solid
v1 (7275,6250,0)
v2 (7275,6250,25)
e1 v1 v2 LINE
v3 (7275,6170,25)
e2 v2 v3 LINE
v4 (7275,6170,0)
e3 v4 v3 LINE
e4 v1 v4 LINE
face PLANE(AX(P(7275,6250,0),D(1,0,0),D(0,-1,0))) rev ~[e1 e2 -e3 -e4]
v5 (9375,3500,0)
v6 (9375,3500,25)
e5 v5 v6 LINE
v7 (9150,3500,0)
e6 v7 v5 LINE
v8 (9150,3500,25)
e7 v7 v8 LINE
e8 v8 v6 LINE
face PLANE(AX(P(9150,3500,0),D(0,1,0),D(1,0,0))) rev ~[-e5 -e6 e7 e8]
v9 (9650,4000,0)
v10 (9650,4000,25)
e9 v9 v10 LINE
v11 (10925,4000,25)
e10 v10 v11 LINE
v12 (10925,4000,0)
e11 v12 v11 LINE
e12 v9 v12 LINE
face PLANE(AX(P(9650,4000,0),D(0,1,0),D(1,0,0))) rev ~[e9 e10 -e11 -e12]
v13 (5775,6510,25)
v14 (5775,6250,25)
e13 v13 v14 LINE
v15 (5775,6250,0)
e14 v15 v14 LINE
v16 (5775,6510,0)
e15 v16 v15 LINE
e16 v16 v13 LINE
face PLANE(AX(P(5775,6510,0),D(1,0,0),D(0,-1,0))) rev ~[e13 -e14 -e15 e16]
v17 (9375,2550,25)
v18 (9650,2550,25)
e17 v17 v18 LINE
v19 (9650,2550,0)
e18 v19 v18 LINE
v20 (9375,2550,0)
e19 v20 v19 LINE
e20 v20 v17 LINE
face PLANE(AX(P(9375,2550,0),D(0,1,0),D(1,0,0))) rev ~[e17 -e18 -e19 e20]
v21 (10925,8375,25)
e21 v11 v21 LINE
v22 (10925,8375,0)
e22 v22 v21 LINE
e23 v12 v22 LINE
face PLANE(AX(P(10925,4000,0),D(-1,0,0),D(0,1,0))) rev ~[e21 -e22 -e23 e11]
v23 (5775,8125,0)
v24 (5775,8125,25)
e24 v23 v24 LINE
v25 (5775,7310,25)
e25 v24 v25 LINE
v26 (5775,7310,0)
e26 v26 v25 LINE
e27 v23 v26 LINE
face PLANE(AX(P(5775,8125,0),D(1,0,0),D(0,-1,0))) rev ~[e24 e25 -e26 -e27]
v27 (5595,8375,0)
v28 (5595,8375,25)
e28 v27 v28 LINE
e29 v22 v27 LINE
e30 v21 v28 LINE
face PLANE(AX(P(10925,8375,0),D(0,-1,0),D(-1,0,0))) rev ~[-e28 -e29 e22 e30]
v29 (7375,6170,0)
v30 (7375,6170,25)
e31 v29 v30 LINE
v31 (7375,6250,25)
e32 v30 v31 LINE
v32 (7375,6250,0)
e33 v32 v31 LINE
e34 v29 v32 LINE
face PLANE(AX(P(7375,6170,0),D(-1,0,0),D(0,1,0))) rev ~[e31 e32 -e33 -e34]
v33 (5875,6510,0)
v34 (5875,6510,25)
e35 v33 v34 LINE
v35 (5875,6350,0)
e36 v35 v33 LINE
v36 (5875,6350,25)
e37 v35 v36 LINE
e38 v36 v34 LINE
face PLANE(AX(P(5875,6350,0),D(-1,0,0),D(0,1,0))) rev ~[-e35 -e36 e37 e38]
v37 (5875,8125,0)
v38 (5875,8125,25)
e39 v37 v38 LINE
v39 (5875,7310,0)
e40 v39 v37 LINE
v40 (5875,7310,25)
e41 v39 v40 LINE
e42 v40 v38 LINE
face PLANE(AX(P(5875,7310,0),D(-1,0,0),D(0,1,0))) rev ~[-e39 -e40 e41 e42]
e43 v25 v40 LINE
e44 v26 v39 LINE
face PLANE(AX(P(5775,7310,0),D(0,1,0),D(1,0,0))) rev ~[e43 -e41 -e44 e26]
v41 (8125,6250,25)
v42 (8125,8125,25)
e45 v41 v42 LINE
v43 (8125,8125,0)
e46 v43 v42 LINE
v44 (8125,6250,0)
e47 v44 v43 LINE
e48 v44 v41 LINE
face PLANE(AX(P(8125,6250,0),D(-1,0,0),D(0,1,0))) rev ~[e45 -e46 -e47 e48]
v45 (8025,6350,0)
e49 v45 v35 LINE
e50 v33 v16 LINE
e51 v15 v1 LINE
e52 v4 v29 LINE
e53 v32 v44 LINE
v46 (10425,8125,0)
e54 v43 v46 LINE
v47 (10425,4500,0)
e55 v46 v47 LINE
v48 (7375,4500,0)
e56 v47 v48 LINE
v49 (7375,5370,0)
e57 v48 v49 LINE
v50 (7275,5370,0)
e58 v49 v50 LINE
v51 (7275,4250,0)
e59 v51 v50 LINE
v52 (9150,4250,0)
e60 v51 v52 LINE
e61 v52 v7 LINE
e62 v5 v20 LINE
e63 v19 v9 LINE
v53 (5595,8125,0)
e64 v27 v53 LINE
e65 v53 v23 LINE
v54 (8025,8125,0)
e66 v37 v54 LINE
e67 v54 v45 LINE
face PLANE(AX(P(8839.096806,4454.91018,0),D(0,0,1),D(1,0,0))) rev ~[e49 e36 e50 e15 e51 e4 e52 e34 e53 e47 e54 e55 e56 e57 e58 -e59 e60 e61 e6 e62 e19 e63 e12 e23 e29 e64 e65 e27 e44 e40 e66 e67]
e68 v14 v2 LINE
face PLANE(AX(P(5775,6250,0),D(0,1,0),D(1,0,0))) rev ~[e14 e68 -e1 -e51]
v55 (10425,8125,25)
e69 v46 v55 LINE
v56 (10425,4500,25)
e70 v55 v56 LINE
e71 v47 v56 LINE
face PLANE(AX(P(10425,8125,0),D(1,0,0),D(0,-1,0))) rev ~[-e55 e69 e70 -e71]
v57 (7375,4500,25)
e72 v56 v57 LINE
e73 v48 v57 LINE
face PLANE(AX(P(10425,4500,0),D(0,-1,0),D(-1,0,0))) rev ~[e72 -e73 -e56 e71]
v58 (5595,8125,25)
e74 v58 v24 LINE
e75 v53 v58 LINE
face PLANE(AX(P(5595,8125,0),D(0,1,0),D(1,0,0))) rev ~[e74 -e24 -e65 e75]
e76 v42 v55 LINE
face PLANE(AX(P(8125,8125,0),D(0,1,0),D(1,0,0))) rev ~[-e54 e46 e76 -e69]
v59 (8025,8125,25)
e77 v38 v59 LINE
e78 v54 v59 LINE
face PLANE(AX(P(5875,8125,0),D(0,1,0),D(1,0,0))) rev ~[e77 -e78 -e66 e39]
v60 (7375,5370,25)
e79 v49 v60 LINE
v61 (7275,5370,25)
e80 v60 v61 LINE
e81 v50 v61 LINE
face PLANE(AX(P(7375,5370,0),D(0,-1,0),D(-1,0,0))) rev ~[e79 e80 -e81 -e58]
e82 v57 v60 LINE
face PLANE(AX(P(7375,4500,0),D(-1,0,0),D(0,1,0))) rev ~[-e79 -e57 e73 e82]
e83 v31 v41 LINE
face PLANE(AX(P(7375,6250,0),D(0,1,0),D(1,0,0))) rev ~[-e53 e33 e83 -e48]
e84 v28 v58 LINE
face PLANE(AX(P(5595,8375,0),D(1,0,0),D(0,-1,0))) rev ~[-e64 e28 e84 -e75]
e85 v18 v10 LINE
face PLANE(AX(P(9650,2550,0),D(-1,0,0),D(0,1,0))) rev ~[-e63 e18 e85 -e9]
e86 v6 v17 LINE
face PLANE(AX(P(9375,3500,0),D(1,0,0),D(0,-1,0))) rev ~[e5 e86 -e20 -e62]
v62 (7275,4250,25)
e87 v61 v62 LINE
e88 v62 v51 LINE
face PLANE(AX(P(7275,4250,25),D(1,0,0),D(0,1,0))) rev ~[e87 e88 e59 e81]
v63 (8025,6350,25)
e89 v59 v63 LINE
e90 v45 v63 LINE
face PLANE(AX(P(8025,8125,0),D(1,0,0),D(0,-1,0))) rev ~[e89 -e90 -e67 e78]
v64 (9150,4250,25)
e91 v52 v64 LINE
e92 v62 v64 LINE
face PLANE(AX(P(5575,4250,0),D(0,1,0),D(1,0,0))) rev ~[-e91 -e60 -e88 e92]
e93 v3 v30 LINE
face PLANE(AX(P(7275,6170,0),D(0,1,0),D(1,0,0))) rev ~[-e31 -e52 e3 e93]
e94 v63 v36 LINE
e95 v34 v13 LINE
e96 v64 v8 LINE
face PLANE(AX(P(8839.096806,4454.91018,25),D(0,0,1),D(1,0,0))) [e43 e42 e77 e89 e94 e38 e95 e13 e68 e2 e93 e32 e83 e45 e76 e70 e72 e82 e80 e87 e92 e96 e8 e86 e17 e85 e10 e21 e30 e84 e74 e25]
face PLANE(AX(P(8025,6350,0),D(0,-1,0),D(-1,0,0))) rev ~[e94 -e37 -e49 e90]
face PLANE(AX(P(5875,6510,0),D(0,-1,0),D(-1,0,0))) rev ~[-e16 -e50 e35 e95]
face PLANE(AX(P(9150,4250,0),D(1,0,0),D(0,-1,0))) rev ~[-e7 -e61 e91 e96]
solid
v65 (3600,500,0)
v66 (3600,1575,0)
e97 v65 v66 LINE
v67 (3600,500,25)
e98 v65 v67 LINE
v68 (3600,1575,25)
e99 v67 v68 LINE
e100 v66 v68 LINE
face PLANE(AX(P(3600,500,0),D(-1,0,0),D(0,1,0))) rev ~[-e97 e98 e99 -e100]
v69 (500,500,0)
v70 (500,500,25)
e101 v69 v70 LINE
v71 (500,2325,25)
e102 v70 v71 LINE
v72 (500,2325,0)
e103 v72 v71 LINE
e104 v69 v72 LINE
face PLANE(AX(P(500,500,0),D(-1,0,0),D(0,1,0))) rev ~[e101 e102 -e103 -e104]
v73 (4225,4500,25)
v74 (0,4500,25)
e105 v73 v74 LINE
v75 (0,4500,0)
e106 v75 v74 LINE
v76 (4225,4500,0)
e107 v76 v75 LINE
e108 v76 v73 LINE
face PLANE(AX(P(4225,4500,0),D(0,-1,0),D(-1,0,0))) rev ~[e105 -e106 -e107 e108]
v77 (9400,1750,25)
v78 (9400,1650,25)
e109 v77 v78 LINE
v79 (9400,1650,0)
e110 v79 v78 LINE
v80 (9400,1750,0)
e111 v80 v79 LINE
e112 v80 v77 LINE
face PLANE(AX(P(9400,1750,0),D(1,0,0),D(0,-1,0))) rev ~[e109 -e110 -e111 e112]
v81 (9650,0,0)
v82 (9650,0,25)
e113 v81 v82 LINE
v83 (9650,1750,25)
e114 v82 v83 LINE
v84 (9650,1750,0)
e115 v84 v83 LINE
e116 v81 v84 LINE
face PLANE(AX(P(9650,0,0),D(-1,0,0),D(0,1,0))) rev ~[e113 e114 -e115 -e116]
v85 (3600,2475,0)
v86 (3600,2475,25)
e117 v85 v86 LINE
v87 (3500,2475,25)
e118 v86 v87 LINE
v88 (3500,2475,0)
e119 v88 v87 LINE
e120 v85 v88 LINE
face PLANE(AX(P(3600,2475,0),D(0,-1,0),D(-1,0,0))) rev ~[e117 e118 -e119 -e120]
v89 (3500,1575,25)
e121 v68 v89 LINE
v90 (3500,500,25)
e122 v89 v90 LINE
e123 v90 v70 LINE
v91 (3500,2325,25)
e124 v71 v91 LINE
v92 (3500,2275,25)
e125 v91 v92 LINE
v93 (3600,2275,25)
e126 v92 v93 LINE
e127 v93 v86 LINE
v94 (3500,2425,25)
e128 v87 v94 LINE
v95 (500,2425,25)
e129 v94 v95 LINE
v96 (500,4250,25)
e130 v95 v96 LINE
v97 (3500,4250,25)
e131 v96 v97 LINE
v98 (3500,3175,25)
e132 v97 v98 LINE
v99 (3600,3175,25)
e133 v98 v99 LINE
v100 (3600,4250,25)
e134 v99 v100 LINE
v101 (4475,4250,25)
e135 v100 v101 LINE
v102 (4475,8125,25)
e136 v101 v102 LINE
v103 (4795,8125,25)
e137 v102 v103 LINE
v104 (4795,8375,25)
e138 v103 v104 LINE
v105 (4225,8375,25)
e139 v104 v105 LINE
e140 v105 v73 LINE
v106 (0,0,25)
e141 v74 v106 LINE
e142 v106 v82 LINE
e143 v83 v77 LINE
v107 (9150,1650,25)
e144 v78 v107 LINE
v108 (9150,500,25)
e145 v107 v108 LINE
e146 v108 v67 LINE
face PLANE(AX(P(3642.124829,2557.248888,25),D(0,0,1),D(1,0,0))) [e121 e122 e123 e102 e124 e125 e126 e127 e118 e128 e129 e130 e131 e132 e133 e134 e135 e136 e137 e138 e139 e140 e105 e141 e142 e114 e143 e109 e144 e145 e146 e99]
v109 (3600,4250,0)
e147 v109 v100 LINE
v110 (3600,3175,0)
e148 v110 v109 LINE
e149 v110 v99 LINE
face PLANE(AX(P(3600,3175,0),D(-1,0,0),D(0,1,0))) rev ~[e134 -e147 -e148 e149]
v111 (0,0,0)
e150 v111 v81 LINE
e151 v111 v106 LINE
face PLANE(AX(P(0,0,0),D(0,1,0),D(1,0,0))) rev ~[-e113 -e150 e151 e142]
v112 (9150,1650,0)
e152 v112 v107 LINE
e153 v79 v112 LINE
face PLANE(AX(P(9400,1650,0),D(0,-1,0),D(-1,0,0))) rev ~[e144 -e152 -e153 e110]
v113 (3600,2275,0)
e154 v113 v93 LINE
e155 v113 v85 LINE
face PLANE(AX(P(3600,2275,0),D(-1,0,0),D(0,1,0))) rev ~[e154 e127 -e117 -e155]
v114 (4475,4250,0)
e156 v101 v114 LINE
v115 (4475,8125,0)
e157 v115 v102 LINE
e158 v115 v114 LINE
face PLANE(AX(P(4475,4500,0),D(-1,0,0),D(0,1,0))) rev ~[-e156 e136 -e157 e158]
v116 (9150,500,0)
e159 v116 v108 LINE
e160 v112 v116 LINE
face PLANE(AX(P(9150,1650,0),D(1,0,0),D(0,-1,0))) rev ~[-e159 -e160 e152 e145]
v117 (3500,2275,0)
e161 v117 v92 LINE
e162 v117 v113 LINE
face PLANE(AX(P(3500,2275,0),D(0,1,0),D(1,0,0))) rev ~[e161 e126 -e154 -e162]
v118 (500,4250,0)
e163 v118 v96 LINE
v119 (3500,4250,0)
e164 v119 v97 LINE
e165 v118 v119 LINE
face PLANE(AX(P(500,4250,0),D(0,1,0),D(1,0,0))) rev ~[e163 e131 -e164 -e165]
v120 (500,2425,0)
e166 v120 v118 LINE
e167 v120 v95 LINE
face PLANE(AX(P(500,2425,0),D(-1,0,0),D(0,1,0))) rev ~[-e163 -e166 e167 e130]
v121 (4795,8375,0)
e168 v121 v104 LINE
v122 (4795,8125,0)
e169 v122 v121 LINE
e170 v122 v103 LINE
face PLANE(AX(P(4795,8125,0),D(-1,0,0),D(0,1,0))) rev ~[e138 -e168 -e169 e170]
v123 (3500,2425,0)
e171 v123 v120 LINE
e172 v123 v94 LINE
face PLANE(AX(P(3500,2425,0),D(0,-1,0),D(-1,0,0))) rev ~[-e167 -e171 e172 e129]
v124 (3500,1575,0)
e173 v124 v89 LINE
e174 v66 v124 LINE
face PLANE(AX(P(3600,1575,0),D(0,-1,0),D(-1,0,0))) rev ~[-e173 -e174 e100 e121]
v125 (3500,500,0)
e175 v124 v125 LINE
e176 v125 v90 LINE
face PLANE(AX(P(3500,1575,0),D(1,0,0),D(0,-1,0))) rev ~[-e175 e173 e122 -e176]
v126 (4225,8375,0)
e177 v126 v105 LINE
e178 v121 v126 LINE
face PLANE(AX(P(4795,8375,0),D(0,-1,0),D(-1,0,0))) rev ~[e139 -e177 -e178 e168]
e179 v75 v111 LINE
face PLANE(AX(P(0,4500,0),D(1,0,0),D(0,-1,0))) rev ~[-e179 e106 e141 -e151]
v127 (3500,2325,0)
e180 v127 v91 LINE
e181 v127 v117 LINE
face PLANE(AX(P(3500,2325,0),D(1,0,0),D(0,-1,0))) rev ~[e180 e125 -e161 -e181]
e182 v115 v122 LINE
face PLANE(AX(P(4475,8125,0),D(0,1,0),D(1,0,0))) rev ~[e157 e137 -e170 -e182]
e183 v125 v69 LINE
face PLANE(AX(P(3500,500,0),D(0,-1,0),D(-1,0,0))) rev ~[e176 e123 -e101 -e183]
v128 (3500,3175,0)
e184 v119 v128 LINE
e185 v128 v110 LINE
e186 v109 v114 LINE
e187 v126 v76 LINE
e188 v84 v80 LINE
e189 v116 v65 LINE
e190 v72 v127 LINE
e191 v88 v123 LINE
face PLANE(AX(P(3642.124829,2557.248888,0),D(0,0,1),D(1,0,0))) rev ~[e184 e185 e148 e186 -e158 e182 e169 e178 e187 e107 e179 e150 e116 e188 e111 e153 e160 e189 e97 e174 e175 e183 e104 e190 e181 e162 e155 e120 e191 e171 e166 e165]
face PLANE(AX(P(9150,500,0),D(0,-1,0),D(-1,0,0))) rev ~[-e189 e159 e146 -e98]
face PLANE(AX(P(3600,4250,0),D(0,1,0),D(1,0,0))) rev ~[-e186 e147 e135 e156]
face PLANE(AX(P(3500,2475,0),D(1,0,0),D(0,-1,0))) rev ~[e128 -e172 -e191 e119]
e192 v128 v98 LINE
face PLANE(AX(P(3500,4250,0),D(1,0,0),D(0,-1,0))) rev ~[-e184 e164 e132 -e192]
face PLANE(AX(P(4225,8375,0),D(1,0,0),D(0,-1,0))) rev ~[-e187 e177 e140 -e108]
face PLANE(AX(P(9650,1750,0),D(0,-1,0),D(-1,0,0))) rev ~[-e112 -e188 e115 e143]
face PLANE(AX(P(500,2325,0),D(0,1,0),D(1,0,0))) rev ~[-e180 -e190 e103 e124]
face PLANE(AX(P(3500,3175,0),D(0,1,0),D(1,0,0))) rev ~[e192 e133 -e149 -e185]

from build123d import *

# Parameters (mm, degrees)
F1_DEPTH = 25
F2_W     = 2800
F2_H     = 250
F3_DEPTH = 25


with BuildPart() as f1:
    # F0 (on Top) → F1 (new body)
    with BuildSketch(Plane.XY):
        Polygon((0, 4500), (0, 0), (9650, 0), (9650, 1750), (9400, 1750), (9400, 1650), (9150, 1650), (9150, 500), (3600, 500), (3600, 1575), (3500, 1575), (3500, 500), (500, 500), (500, 2325), (3500, 2325), (3500, 2275), (3600, 2275), (3600, 2475), (3500, 2475), (3500, 2425), (500, 2425), (500, 4250), (3500, 4250), (3500, 3175), (3600, 3175), (3600, 4250), (4775, 4250), (4775, 4500), (4475, 4500), (4475, 8125), (4795, 8125), (4795, 8375), (4225, 8375), (4225, 4500), align=None)
        Polygon((5575, 4250), (9150, 4250), (9150, 3500), (9375, 3500), (9375, 2550), (9600, 2550), (9650, 2550), (9650, 4000), (10925, 4000), (10925, 6350), (10425, 6350), (10425, 4500), (7375, 4500), (7375, 5370), (7275, 5370), (7275, 4500), (5575, 4500), align=None)
        Polygon((10425, 6350), (10925, 6350), (10925, 8375), (5595, 8375), (5595, 8125), (5775, 8125), (5775, 7310), (5875, 7310), (5875, 8125), (8025, 8125), (8025, 6350), (5875, 6350), (5875, 6510), (5775, 6510), (5775, 6250), (7275, 6250), (7275, 6170), (7375, 6170), (7375, 6250), (8125, 6250), (8125, 8125), (10425, 8125), align=None)
    extrude(amount=F1_DEPTH)

    # F2 (on face) → F3 (cut)
    with BuildSketch(Plane.XY.offset(25)):
        with Locations((5875, 4375)):
            Rectangle(F2_W, F2_H)
    extrude(amount=-F3_DEPTH, mode=Mode.SUBTRACT)


solid = f1.part
